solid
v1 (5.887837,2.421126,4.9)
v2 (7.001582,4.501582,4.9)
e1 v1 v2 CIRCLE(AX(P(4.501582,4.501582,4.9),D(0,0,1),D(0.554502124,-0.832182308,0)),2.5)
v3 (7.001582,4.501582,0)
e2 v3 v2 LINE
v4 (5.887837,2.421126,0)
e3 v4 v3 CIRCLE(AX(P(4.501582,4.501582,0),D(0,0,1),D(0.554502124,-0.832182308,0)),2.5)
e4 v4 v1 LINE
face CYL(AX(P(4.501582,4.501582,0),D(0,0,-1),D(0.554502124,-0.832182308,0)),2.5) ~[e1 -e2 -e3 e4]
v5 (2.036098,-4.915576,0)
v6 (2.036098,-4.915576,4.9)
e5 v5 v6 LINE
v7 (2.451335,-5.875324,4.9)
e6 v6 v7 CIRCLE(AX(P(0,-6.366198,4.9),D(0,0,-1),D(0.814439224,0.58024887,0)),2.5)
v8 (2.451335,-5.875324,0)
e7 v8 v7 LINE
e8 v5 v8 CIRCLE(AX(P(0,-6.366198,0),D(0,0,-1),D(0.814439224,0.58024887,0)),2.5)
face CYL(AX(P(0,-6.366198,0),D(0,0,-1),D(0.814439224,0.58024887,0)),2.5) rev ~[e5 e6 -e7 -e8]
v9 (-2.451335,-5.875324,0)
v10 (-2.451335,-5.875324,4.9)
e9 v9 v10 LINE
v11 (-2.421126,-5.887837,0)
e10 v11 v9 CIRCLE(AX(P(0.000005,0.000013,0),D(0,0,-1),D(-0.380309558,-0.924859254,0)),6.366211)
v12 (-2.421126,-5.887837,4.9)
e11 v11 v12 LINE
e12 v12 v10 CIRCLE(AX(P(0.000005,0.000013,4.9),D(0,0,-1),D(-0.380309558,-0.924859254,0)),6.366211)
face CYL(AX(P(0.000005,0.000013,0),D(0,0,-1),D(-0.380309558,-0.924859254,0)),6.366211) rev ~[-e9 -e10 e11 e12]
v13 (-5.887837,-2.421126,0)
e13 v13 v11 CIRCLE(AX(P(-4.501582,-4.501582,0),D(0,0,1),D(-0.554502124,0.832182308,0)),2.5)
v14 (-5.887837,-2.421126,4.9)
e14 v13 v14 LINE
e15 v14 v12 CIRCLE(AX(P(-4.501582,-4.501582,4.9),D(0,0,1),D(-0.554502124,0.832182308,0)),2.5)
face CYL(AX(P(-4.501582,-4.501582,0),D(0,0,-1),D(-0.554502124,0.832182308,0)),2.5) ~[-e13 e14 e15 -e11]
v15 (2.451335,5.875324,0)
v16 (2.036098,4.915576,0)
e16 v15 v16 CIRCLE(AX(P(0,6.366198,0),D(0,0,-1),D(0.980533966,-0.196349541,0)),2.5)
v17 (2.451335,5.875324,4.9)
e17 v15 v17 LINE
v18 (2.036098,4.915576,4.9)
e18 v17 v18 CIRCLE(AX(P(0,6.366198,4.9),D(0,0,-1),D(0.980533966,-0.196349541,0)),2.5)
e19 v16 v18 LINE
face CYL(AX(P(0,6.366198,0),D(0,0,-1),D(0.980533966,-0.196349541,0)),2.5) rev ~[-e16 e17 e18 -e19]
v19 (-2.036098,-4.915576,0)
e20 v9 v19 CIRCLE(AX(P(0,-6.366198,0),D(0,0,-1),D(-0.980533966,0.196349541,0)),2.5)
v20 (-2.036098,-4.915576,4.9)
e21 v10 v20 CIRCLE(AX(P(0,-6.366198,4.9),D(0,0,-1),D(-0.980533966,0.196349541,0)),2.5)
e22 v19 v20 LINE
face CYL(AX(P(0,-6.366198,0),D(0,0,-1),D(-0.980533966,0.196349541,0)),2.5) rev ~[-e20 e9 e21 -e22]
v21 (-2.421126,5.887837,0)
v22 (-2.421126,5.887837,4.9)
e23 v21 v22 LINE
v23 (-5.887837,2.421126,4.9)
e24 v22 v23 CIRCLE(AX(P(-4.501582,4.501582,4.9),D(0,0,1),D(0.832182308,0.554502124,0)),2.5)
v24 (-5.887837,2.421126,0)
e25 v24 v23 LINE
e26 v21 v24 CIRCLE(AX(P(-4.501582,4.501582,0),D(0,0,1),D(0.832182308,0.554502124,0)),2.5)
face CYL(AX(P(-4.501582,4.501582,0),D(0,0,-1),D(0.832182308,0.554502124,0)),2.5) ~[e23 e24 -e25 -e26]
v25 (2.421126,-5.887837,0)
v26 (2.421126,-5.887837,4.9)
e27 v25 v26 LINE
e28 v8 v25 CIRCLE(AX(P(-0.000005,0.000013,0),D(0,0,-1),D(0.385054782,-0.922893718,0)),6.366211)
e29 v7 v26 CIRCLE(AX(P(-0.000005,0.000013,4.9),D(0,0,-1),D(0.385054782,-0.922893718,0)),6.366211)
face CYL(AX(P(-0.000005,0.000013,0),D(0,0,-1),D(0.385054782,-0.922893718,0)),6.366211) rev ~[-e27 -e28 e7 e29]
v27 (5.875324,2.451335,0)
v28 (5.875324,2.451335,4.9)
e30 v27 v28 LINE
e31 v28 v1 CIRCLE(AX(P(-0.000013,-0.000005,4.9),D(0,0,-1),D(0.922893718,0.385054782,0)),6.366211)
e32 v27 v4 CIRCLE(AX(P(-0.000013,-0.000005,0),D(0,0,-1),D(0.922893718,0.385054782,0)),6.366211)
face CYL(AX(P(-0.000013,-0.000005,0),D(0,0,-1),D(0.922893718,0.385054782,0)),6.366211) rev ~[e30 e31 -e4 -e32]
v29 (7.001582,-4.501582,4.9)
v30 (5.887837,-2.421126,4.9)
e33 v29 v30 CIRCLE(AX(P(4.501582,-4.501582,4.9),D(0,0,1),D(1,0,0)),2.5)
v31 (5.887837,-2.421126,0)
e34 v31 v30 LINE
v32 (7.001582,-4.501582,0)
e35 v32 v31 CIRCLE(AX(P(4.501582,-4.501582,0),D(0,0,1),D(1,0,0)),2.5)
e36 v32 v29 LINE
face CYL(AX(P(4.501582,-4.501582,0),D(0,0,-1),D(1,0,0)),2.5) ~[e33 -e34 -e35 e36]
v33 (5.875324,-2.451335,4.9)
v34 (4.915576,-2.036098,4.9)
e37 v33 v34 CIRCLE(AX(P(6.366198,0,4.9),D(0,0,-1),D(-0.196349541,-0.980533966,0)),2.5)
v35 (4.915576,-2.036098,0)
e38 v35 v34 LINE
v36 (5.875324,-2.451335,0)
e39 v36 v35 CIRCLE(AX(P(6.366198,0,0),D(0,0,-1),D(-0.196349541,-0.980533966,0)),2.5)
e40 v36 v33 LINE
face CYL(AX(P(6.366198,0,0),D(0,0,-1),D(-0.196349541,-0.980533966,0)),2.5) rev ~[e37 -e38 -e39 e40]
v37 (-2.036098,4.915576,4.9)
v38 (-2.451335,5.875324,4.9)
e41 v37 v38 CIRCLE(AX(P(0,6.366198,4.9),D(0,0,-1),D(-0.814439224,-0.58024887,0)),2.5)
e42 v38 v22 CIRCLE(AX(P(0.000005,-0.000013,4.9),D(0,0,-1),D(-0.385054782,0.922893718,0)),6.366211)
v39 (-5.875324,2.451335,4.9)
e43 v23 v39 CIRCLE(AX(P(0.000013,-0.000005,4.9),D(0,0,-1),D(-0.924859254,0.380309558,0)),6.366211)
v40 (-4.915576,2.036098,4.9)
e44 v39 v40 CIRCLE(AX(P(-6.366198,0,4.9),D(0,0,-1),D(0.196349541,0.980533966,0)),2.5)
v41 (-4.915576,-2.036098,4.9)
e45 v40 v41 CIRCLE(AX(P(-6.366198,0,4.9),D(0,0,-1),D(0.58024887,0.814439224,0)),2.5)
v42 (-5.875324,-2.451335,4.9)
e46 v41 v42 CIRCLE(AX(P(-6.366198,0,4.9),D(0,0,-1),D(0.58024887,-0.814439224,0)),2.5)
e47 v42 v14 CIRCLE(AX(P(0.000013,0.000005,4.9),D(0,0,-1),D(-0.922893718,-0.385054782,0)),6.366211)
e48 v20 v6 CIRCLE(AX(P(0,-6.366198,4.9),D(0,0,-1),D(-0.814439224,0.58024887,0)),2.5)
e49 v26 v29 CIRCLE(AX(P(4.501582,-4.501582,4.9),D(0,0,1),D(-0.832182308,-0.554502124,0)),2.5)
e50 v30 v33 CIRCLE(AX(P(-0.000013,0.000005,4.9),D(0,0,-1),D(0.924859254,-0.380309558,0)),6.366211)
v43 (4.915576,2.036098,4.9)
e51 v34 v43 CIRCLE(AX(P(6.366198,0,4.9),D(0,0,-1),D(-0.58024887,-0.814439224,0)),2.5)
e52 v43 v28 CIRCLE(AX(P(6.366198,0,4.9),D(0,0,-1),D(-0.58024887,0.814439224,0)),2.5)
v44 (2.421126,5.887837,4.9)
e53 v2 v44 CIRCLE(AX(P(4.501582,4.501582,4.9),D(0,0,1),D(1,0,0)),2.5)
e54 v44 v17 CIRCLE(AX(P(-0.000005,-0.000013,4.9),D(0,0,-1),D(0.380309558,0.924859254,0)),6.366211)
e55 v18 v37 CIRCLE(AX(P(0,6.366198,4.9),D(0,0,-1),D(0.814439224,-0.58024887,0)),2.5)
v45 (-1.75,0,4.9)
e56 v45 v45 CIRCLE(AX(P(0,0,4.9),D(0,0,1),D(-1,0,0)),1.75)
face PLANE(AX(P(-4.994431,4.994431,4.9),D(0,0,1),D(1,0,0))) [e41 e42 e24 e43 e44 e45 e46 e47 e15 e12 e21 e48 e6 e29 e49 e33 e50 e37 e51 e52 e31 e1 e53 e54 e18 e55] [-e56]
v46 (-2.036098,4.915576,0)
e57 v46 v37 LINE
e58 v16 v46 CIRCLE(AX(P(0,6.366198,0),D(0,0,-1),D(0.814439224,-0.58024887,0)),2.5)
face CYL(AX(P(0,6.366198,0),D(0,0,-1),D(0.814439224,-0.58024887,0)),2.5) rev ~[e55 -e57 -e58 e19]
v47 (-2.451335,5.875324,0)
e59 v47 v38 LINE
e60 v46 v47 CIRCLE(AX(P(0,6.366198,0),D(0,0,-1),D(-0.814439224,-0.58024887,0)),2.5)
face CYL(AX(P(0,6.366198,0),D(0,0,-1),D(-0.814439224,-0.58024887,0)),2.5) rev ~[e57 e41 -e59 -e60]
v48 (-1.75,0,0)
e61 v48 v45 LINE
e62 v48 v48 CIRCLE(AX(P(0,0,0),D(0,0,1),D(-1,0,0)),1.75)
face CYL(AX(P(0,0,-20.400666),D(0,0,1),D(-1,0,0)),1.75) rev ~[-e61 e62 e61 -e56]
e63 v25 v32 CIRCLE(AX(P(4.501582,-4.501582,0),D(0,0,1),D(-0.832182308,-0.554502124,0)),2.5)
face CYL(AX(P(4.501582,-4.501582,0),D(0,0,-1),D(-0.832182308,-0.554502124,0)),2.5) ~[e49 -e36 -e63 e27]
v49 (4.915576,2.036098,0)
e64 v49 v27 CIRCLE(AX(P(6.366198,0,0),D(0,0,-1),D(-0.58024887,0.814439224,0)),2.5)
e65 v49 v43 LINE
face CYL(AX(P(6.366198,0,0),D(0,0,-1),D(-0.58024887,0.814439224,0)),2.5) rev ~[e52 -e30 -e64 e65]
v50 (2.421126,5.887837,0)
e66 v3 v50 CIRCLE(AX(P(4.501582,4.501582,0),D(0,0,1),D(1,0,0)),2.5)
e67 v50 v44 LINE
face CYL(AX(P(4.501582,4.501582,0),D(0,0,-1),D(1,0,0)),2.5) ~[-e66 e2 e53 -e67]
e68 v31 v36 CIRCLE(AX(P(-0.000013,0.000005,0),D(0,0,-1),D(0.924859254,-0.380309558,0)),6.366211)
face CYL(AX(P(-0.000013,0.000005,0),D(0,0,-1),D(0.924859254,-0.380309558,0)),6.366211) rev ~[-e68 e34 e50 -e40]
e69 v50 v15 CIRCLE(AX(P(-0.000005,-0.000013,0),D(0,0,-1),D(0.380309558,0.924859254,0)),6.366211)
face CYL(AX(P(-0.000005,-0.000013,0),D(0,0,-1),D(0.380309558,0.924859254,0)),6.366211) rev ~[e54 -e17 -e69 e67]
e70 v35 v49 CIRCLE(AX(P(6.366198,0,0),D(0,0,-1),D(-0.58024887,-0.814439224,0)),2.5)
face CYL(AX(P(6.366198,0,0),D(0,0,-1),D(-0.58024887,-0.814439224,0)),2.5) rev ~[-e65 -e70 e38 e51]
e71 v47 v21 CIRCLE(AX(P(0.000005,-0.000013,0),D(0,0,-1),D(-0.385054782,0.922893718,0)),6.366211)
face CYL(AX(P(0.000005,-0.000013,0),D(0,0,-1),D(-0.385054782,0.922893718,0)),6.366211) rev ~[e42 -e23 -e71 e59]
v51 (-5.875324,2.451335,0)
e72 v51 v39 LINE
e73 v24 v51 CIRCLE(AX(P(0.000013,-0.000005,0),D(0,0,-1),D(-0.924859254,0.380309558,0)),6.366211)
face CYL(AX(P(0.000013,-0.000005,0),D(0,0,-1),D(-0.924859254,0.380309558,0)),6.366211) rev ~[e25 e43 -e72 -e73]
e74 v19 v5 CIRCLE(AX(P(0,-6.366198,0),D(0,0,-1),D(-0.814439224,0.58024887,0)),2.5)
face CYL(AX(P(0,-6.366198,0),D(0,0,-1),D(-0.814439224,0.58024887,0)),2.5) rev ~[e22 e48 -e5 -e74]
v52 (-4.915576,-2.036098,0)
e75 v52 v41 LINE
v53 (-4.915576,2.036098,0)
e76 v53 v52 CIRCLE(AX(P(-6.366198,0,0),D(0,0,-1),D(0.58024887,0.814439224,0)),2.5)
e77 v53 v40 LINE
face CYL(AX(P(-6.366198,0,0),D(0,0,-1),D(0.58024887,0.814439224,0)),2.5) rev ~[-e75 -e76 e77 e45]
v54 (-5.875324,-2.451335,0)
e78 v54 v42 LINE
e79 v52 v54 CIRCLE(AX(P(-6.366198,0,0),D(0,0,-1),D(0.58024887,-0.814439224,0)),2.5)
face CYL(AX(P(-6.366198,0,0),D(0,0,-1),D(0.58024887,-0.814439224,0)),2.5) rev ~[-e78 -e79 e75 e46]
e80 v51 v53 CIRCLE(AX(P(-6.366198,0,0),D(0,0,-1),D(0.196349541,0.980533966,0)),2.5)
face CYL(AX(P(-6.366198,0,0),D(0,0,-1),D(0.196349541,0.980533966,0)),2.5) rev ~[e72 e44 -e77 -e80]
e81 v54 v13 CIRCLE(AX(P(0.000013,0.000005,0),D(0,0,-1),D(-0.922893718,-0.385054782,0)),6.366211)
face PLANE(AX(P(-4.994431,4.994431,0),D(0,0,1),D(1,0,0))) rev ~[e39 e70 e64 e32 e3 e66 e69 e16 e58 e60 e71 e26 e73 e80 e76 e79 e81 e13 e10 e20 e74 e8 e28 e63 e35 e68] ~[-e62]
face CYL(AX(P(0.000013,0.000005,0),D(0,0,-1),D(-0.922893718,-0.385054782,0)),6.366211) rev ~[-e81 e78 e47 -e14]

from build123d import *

# Parameters (mm, degrees)
F1_DEPTH = 4.9
F2_D     = 3.5


with BuildPart() as f1:
    # F0 (on Top) → F1 (new body)
    with BuildSketch(Plane.XY):
        with BuildLine():
            ThreePointArc((-2.4513349141, 5.8753238716), (-2.436238396, 5.8815997768), (-2.4211258105, 5.887836892))
            ThreePointArc((-2.4211258105, 5.887836892), (-6.2693485338, 6.2693485338), (-5.887836892, 2.4211258105))
            ThreePointArc((-5.887836892, 2.4211258105), (-5.8815997768, 2.436238396), (-5.8753238716, 2.4513349141))
            ThreePointArc((-5.8753238716, 2.4513349141), (-5.2887540631, 3.5436639114), (-4.5015815808, 4.5015815808))
            ThreePointArc((-4.5015815808, 4.5015815808), (-3.5436639114, 5.2887540631), (-2.4513349141, 5.8753238716))
        make_face()
        with BuildLine():
            ThreePointArc((2.4513349141, 5.8753238716), (4.5015815808, 4.5015815808), (5.8753238716, 2.4513349141))
            ThreePointArc((5.8753238716, 2.4513349141), (5.8815997768, 2.436238396), (5.887836892, 2.4211258105))
            ThreePointArc((5.887836892, 2.4211258105), (6.7056276645, 3.32167444), (7.0015815808, 4.5015815808))
            ThreePointArc((7.0015815808, 4.5015815808), (5.2257571722, 6.8943978531), (2.4211258105, 5.887836892))
            ThreePointArc((2.4211258105, 5.887836892), (2.436238396, 5.8815997768), (2.4513349141, 5.8753238716))
        make_face()
        with BuildLine():
            ThreePointArc((4.9155755495, -2.0360980595), (3.8661977237, 0), (4.9155755495, 2.0360980595))
            ThreePointArc((4.9155755495, 2.0360980595), (2.7338146278, 2.7338146278), (2.0360980595, 4.9155755495))
            ThreePointArc((2.0360980595, 4.9155755495), (0, 3.8661977237), (-2.0360980595, 4.9155755495))
            ThreePointArc((-2.0360980595, 4.9155755495), (-2.0102256444, 4.7092967665), (-2.0015815808, 4.5015815808))
            ThreePointArc((-2.0015815808, 4.5015815808), (-2.1918827495, 3.5448729999), (-2.7338146278, 2.7338146278))
            ThreePointArc((-2.7338146278, 2.7338146278), (-3.7400847484, 2.1203796628), (-4.9155755495, 2.0360980595))
            ThreePointArc((-4.9155755495, 2.0360980595), (-3.8661977237, 0), (-4.9155755495, -2.0360980595))
            ThreePointArc((-4.9155755495, -2.0360980595), (-2.8868037202, -2.5930500875), (-2.0015815808, -4.5015815808))
            ThreePointArc((-2.0015815808, -4.5015815808), (-2.0102256444, -4.7092967665), (-2.0360980595, -4.9155755495))
            ThreePointArc((-2.0360980595, -4.9155755495), (0, -3.8661977237), (2.0360980595, -4.9155755495))
            ThreePointArc((2.0360980595, -4.9155755495), (2.7338146278, -2.7338146278), (4.9155755495, -2.0360980595))
        make_face()
        with BuildLine():
            ThreePointArc((7.0015815808, -4.5015815808), (6.7056276645, -3.32167444), (5.887836892, -2.4211258105))
            ThreePointArc((5.887836892, -2.4211258105), (5.8815997768, -2.436238396), (5.8753238716, -2.4513349141))
            ThreePointArc((5.8753238716, -2.4513349141), (4.5015815808, -4.5015815808), (2.4513349141, -5.8753238716))
            ThreePointArc((2.4513349141, -5.8753238716), (2.436238396, -5.8815997768), (2.4211258105, -5.887836892))
            ThreePointArc((2.4211258105, -5.887836892), (5.2257571722, -6.8943978531), (7.0015815808, -4.5015815808))
        make_face()
        with BuildLine():
            ThreePointArc((-5.8753238716, -2.4513349141), (-5.8815997768, -2.436238396), (-5.887836892, -2.4211258105))
            ThreePointArc((-5.887836892, -2.4211258105), (-6.2693485338, -6.2693485338), (-2.4211258105, -5.887836892))
            ThreePointArc((-2.4211258105, -5.887836892), (-2.436238396, -5.8815997768), (-2.4513349141, -5.8753238716))
            ThreePointArc((-2.4513349141, -5.8753238716), (-4.5015815808, -4.5015815808), (-5.8753238716, -2.4513349141))
        make_face()
        with BuildLine():
            ThreePointArc((4.9155755495, 2.0360980595), (5.3734957964, 2.2944591702), (5.8753238716, 2.4513349141))
            ThreePointArc((5.8753238716, 2.4513349141), (4.5015815808, 4.5015815808), (2.4513349141, 5.8753238716))
            ThreePointArc((2.4513349141, 5.8753238716), (2.2944591702, 5.3734957964), (2.0360980595, 4.9155755495))
            ThreePointArc((2.0360980595, 4.9155755495), (2.7338146278, 2.7338146278), (4.9155755495, 2.0360980595))
        make_face()
        with BuildLine():
            Line((-2.7338146278, 2.7338146278), (-4.5015815808, 4.5015815808))
            ThreePointArc((-4.5015815808, 4.5015815808), (-5.2887540631, 3.5436639114), (-5.8753238716, 2.4513349141))
            ThreePointArc((-5.8753238716, 2.4513349141), (-5.3734957964, 2.2944591702), (-4.9155755495, 2.0360980595))
            ThreePointArc((-4.9155755495, 2.0360980595), (-3.7400847484, 2.1203796628), (-2.7338146278, 2.7338146278))
        make_face()
        with BuildLine():
            ThreePointArc((-2.4513349141, -5.8753238716), (-2.2944591702, -5.3734957964), (-2.0360980595, -4.9155755495))
            ThreePointArc((-2.0360980595, -4.9155755495), (-2.0102256444, -4.7092967665), (-2.0015815808, -4.5015815808))
            ThreePointArc((-2.0015815808, -4.5015815808), (-2.8868037202, -2.5930500875), (-4.9155755495, -2.0360980595))
            ThreePointArc((-4.9155755495, -2.0360980595), (-5.3734957964, -2.2944591702), (-5.8753238716, -2.4513349141))
            ThreePointArc((-5.8753238716, -2.4513349141), (-4.5015815808, -4.5015815808), (-2.4513349141, -5.8753238716))
        make_face()
        with BuildLine():
            ThreePointArc((-2.0015815808, 4.5015815808), (-2.0102256444, 4.7092967665), (-2.0360980595, 4.9155755495))
            ThreePointArc((-2.0360980595, 4.9155755495), (-2.2944591702, 5.3734957964), (-2.4513349141, 5.8753238716))
            ThreePointArc((-2.4513349141, 5.8753238716), (-3.5436639114, 5.2887540631), (-4.5015815808, 4.5015815808))
            Line((-4.5015815808, 4.5015815808), (-2.7338146278, 2.7338146278))
            ThreePointArc((-2.7338146278, 2.7338146278), (-2.1918827495, 3.5448729999), (-2.0015815808, 4.5015815808))
        make_face()
        with BuildLine():
            ThreePointArc((5.8753238716, -2.4513349141), (5.3734957964, -2.2944591702), (4.9155755495, -2.0360980595))
            ThreePointArc((4.9155755495, -2.0360980595), (2.7338146278, -2.7338146278), (2.0360980595, -4.9155755495))
            ThreePointArc((2.0360980595, -4.9155755495), (2.2944591702, -5.3734957964), (2.4513349141, -5.8753238716))
            ThreePointArc((2.4513349141, -5.8753238716), (4.5015815808, -4.5015815808), (5.8753238716, -2.4513349141))
        make_face()
    extrude(amount=F1_DEPTH)

    # F2 (through all)
    with Locations(Plane(origin=(0, 0, 0), x_dir=(1, 0, 0), z_dir=(0, 0, -1))):
        with Locations((0, 0)):
            Hole(F2_D / 2)


solid = f1.part
